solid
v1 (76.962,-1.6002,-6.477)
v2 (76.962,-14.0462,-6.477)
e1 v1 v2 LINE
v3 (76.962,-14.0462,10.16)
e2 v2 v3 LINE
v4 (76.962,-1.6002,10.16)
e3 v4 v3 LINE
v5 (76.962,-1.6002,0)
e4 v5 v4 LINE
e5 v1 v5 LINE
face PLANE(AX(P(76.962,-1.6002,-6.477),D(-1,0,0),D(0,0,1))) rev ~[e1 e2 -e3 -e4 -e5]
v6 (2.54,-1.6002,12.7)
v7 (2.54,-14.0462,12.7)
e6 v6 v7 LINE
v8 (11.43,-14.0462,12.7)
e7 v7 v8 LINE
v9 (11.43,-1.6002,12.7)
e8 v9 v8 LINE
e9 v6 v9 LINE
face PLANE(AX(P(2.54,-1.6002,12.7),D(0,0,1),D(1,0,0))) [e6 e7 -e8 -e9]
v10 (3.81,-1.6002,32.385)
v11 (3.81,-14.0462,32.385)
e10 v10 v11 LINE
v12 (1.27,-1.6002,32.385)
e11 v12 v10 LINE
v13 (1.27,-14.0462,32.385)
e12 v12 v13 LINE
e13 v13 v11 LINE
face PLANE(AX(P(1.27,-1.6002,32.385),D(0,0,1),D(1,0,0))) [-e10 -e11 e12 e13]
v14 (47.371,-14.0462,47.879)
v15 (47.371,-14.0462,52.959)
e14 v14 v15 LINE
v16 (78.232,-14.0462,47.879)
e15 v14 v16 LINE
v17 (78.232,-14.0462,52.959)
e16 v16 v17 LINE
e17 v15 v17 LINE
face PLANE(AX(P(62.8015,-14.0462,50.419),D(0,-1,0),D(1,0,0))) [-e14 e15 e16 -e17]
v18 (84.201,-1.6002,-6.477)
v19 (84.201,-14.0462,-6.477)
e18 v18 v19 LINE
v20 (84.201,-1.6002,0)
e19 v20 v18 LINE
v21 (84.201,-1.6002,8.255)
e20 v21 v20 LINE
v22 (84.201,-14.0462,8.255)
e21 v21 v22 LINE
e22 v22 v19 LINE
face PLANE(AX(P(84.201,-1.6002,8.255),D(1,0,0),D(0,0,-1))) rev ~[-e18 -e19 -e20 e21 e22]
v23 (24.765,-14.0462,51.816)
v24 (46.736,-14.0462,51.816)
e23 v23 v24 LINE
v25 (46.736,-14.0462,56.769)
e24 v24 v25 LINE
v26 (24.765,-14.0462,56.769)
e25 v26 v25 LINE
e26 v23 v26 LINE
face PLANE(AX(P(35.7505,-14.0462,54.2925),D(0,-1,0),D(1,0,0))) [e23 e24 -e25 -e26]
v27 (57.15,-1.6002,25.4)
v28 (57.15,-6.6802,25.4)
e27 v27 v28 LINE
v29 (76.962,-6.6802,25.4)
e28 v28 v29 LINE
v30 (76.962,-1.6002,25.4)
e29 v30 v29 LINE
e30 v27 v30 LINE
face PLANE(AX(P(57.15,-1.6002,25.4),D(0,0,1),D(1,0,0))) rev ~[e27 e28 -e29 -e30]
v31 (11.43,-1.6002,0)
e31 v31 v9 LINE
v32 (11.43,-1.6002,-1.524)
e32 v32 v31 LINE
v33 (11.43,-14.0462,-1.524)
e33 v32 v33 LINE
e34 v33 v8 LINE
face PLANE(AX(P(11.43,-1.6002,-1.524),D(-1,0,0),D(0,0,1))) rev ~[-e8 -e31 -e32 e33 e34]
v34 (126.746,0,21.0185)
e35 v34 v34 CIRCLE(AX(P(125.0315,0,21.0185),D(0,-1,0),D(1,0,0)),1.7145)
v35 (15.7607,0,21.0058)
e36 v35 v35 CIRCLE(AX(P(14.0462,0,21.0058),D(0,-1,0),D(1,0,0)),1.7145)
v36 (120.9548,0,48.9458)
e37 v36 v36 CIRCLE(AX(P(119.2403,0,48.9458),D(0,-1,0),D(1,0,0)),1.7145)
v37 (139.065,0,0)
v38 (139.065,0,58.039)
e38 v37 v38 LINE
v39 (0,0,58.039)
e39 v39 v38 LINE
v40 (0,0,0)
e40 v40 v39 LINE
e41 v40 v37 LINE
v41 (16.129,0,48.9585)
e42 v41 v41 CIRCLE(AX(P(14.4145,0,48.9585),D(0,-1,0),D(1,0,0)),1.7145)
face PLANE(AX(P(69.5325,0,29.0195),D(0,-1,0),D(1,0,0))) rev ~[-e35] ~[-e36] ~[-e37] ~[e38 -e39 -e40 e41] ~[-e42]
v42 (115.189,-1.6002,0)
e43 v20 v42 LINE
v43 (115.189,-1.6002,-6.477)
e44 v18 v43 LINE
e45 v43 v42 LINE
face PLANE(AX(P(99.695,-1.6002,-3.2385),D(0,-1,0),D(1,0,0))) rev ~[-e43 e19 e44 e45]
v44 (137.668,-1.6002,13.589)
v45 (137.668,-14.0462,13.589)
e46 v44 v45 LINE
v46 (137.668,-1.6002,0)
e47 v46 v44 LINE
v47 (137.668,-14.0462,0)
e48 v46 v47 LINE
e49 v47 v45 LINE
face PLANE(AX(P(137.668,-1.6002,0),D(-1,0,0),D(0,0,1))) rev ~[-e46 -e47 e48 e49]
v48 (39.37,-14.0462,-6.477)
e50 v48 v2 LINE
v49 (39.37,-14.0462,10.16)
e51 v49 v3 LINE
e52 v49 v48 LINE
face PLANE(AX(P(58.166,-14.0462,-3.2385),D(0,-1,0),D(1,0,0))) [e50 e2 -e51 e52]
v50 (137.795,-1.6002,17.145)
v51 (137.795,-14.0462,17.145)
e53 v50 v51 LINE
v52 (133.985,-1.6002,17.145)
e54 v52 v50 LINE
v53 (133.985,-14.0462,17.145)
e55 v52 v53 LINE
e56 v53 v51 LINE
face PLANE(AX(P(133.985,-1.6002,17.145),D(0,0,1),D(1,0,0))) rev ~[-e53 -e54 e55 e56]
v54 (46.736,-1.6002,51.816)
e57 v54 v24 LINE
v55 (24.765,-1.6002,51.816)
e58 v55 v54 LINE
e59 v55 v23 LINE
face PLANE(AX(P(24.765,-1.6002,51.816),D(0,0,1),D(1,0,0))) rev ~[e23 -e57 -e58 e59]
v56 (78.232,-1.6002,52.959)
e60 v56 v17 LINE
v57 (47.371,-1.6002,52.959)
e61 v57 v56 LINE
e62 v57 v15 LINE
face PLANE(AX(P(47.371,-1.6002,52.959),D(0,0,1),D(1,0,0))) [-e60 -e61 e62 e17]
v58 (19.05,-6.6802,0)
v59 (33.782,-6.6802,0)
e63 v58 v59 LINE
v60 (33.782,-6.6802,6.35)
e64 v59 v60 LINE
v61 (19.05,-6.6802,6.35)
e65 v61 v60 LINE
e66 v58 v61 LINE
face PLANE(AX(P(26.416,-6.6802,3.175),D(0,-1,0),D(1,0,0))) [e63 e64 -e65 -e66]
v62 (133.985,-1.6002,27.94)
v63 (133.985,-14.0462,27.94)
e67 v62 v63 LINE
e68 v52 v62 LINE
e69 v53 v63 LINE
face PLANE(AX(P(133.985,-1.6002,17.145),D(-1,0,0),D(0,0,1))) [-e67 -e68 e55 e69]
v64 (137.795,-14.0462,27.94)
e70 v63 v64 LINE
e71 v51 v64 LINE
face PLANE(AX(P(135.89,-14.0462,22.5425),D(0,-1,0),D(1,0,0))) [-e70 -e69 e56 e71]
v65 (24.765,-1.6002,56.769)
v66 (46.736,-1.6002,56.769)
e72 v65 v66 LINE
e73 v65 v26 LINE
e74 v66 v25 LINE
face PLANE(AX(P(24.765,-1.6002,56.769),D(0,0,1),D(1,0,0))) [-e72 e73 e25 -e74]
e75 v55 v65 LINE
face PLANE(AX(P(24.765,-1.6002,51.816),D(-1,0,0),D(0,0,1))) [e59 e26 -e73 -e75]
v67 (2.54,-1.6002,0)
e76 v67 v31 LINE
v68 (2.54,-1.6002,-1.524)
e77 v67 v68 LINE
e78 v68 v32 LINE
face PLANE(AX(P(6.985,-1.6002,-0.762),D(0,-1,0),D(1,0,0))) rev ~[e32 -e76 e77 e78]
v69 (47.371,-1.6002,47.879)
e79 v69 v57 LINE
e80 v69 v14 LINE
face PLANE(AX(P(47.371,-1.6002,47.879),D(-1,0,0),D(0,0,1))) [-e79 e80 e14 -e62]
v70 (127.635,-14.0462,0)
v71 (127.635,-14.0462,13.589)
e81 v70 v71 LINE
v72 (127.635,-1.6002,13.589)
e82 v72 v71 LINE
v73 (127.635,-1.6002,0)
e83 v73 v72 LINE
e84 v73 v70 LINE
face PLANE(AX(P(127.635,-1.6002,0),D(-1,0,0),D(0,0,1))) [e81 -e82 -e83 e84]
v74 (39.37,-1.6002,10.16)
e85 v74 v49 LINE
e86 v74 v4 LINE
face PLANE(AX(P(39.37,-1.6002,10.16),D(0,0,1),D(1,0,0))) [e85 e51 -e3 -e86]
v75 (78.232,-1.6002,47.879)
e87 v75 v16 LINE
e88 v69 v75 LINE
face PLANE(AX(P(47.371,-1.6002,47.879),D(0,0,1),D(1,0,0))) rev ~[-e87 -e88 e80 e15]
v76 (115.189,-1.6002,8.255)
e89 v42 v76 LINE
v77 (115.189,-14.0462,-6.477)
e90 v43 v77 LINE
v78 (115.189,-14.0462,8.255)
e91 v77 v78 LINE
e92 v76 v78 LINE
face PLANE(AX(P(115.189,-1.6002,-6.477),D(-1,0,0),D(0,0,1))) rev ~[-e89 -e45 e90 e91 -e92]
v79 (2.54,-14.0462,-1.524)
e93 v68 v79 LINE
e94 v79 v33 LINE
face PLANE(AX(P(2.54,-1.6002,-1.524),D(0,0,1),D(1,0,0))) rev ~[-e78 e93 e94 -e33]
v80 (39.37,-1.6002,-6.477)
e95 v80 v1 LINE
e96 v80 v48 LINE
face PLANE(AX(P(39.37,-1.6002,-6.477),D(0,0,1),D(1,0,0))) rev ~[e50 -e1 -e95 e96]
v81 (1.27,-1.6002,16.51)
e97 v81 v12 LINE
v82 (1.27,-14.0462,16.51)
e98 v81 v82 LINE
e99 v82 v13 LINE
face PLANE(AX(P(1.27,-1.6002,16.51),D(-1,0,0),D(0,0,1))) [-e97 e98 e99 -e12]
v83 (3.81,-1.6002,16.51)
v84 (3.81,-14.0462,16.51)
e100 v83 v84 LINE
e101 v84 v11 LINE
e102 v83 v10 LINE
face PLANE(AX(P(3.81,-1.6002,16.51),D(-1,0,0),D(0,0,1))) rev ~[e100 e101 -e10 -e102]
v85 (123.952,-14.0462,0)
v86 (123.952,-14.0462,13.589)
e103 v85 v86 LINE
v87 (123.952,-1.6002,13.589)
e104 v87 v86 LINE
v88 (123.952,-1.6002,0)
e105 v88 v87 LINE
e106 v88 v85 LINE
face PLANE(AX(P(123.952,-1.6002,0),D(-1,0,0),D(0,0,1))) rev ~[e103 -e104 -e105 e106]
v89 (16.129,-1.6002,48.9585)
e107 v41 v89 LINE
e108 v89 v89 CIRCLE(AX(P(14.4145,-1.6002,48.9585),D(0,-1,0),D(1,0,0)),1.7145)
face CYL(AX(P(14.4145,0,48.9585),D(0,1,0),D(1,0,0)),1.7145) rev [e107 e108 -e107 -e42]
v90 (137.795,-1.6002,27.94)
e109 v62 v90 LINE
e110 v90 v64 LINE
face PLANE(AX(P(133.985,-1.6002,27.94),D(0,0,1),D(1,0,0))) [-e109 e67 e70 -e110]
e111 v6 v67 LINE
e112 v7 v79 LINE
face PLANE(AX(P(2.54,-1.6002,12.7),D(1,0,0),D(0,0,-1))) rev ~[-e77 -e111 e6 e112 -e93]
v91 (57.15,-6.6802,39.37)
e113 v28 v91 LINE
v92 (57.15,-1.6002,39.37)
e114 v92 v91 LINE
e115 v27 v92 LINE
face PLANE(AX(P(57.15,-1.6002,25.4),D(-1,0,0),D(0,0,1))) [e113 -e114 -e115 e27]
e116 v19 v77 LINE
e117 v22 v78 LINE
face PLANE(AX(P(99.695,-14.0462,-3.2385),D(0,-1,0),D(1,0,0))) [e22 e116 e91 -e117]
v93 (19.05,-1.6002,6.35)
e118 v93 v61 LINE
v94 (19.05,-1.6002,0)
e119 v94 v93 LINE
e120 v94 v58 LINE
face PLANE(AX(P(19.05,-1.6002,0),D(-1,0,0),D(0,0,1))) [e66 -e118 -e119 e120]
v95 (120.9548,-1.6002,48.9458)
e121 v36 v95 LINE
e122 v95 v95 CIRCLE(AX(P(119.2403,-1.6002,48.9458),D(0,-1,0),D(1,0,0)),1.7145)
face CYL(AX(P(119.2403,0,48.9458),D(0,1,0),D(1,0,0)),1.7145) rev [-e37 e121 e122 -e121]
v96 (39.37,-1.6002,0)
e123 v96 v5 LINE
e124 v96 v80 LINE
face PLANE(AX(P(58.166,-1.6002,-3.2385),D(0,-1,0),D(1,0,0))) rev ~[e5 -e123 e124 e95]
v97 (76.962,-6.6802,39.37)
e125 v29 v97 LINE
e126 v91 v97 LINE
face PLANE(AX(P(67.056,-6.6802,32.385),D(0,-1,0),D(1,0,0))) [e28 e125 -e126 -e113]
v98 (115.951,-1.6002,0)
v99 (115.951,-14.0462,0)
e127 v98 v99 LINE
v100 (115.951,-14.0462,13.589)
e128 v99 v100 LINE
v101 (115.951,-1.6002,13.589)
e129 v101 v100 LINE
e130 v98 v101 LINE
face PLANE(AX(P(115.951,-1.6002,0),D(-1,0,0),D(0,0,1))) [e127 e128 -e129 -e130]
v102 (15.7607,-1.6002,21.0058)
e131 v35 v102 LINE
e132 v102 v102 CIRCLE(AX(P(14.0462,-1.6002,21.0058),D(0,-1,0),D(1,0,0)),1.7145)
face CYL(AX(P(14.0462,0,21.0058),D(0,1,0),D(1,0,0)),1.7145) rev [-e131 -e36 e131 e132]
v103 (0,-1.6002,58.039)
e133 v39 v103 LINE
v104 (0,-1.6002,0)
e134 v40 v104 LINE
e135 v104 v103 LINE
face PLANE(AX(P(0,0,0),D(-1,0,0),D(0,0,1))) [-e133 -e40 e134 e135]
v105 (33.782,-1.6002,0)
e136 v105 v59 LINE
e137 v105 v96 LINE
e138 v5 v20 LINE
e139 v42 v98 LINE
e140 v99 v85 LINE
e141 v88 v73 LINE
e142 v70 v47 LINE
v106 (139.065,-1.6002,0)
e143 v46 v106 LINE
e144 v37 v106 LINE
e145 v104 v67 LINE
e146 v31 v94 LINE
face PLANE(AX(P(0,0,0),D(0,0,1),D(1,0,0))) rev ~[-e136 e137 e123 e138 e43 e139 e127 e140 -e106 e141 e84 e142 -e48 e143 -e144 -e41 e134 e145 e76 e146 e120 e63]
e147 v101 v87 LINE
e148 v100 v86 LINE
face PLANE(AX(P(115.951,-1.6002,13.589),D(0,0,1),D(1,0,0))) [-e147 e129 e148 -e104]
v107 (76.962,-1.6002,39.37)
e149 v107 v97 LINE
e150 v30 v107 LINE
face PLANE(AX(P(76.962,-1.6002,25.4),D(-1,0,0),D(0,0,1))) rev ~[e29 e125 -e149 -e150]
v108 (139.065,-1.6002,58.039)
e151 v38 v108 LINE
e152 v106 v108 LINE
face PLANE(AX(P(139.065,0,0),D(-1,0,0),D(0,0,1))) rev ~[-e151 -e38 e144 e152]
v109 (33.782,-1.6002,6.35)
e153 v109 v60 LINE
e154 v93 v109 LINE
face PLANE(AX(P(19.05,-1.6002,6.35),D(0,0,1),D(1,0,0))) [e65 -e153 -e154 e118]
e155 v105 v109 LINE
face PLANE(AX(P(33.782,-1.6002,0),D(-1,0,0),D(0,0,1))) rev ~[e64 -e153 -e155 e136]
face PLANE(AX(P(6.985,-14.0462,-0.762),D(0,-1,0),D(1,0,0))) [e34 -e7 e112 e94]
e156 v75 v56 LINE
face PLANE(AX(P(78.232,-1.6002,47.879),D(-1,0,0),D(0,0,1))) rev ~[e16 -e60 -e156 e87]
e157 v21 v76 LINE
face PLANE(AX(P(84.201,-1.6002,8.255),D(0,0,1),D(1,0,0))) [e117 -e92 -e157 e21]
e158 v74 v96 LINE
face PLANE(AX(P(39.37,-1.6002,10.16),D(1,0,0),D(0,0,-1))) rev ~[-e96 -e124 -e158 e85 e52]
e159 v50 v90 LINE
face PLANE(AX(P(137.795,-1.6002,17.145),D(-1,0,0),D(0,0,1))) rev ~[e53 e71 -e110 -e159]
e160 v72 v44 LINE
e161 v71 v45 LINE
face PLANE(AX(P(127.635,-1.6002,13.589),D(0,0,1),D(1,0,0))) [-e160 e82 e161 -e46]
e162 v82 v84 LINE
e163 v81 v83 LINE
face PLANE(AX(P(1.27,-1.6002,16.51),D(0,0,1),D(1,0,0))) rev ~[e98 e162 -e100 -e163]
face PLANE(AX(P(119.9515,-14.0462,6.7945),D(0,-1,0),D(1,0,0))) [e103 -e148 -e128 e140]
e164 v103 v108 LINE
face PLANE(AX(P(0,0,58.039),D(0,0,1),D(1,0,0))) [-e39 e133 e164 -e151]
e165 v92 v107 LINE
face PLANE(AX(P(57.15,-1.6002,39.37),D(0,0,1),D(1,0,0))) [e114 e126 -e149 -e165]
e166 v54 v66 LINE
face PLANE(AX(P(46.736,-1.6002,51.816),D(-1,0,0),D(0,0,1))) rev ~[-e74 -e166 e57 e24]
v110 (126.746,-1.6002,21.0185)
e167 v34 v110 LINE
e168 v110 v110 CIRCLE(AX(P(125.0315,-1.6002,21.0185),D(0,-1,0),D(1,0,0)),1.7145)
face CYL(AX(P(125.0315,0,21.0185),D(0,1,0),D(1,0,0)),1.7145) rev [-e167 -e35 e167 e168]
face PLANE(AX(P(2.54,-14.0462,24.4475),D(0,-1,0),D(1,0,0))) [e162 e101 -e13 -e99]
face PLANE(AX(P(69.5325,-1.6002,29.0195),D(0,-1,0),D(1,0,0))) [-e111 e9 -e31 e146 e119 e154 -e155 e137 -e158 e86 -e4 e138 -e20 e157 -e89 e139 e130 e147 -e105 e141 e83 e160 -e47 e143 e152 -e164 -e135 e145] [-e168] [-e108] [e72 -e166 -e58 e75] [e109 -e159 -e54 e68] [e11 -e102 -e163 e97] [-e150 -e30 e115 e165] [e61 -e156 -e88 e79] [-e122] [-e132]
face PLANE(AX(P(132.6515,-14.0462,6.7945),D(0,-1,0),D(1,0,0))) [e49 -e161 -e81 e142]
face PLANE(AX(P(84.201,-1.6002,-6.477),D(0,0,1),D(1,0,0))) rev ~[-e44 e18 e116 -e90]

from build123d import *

# Parameters (mm, degrees)
F0_W     = 139.065
F0_H     = 58.039
F0_R     = 1.7145
F1_DEPTH = 1.6002
F2_W     = 8.001
F2_H     = 13.589
F2_W_2   = 10.033
F2_W_3   = 30.861
F2_H_2   = 5.08
F2_W_4   = 21.971
F2_H_3   = 4.953
F2_W_5   = 2.54
F2_H_4   = 15.875
F2_W_6   = 37.592
F2_H_5   = 6.477
F2_W_7   = 30.988
F2_W_8   = 3.81
F2_H_6   = 10.795
F2_H_7   = 10.16
F2_H_8   = 8.255
F2_W_9   = 8.89
F2_H_9   = 1.524
F2_H_10  = 12.7
F3_DEPTH = 12.446
F2_W_10  = 19.812
F2_H_11  = 13.97
F2_W_11  = 14.732
F2_H_12  = 6.35
F4_DEPTH = 5.08


with BuildPart() as f1:
    # F0 (on Front) → F1 (new body)
    with BuildSketch(Plane.XZ):
        with Locations((69.5325, 29.0195)):
            Rectangle(F0_W, F0_H)
        with Locations((14.0462, 21.0058)):
            Circle(F0_R, mode=Mode.SUBTRACT)
        with Locations((125.0315, 21.0185)):
            Circle(F0_R, mode=Mode.SUBTRACT)
        with Locations((14.4145, 48.9585)):
            Circle(F0_R, mode=Mode.SUBTRACT)
        with Locations((119.2403, 48.9458)):
            Circle(F0_R, mode=Mode.SUBTRACT)
    extrude(amount=F1_DEPTH)

    # F2 (on face) → F3 (join)
    with BuildSketch(Plane.XZ.offset(1.6002)):
        with Locations((119.9515, 6.7945)):
            Rectangle(F2_W, F2_H)
        with Locations((132.6515, 6.7945)):
            Rectangle(F2_W_2, F2_H)
        with Locations((62.8015, 50.419)):
            Rectangle(F2_W_3, F2_H_2)
        with Locations((35.7505, 54.2925)):
            Rectangle(F2_W_4, F2_H_3)
        with Locations((2.54, 24.4475)):
            Rectangle(F2_W_5, F2_H_4)
        with Locations((58.166, -3.2385)):
            Rectangle(F2_W_6, F2_H_5)
        with Locations((99.695, -3.2385)):
            Rectangle(F2_W_7, F2_H_5)
        with Locations((135.89, 22.5425)):
            Rectangle(F2_W_8, F2_H_6)
        with Locations((58.166, 5.08)):
            Rectangle(F2_W_6, F2_H_7)
        with Locations((99.695, 4.1275)):
            Rectangle(F2_W_7, F2_H_8)
        with Locations((6.985, -0.762)):
            Rectangle(F2_W_9, F2_H_9)
        with Locations((6.985, 6.35)):
            Rectangle(F2_W_9, F2_H_10)
    extrude(amount=F3_DEPTH)

    # F2 (on face) → F4 (join)
    with BuildSketch(Plane.XZ.offset(1.6002)):
        with Locations((67.056, 32.385)):
            Rectangle(F2_W_10, F2_H_11)
        with Locations((26.416, 3.175)):
            Rectangle(F2_W_11, F2_H_12)
    extrude(amount=F4_DEPTH)


solid = f1.part
